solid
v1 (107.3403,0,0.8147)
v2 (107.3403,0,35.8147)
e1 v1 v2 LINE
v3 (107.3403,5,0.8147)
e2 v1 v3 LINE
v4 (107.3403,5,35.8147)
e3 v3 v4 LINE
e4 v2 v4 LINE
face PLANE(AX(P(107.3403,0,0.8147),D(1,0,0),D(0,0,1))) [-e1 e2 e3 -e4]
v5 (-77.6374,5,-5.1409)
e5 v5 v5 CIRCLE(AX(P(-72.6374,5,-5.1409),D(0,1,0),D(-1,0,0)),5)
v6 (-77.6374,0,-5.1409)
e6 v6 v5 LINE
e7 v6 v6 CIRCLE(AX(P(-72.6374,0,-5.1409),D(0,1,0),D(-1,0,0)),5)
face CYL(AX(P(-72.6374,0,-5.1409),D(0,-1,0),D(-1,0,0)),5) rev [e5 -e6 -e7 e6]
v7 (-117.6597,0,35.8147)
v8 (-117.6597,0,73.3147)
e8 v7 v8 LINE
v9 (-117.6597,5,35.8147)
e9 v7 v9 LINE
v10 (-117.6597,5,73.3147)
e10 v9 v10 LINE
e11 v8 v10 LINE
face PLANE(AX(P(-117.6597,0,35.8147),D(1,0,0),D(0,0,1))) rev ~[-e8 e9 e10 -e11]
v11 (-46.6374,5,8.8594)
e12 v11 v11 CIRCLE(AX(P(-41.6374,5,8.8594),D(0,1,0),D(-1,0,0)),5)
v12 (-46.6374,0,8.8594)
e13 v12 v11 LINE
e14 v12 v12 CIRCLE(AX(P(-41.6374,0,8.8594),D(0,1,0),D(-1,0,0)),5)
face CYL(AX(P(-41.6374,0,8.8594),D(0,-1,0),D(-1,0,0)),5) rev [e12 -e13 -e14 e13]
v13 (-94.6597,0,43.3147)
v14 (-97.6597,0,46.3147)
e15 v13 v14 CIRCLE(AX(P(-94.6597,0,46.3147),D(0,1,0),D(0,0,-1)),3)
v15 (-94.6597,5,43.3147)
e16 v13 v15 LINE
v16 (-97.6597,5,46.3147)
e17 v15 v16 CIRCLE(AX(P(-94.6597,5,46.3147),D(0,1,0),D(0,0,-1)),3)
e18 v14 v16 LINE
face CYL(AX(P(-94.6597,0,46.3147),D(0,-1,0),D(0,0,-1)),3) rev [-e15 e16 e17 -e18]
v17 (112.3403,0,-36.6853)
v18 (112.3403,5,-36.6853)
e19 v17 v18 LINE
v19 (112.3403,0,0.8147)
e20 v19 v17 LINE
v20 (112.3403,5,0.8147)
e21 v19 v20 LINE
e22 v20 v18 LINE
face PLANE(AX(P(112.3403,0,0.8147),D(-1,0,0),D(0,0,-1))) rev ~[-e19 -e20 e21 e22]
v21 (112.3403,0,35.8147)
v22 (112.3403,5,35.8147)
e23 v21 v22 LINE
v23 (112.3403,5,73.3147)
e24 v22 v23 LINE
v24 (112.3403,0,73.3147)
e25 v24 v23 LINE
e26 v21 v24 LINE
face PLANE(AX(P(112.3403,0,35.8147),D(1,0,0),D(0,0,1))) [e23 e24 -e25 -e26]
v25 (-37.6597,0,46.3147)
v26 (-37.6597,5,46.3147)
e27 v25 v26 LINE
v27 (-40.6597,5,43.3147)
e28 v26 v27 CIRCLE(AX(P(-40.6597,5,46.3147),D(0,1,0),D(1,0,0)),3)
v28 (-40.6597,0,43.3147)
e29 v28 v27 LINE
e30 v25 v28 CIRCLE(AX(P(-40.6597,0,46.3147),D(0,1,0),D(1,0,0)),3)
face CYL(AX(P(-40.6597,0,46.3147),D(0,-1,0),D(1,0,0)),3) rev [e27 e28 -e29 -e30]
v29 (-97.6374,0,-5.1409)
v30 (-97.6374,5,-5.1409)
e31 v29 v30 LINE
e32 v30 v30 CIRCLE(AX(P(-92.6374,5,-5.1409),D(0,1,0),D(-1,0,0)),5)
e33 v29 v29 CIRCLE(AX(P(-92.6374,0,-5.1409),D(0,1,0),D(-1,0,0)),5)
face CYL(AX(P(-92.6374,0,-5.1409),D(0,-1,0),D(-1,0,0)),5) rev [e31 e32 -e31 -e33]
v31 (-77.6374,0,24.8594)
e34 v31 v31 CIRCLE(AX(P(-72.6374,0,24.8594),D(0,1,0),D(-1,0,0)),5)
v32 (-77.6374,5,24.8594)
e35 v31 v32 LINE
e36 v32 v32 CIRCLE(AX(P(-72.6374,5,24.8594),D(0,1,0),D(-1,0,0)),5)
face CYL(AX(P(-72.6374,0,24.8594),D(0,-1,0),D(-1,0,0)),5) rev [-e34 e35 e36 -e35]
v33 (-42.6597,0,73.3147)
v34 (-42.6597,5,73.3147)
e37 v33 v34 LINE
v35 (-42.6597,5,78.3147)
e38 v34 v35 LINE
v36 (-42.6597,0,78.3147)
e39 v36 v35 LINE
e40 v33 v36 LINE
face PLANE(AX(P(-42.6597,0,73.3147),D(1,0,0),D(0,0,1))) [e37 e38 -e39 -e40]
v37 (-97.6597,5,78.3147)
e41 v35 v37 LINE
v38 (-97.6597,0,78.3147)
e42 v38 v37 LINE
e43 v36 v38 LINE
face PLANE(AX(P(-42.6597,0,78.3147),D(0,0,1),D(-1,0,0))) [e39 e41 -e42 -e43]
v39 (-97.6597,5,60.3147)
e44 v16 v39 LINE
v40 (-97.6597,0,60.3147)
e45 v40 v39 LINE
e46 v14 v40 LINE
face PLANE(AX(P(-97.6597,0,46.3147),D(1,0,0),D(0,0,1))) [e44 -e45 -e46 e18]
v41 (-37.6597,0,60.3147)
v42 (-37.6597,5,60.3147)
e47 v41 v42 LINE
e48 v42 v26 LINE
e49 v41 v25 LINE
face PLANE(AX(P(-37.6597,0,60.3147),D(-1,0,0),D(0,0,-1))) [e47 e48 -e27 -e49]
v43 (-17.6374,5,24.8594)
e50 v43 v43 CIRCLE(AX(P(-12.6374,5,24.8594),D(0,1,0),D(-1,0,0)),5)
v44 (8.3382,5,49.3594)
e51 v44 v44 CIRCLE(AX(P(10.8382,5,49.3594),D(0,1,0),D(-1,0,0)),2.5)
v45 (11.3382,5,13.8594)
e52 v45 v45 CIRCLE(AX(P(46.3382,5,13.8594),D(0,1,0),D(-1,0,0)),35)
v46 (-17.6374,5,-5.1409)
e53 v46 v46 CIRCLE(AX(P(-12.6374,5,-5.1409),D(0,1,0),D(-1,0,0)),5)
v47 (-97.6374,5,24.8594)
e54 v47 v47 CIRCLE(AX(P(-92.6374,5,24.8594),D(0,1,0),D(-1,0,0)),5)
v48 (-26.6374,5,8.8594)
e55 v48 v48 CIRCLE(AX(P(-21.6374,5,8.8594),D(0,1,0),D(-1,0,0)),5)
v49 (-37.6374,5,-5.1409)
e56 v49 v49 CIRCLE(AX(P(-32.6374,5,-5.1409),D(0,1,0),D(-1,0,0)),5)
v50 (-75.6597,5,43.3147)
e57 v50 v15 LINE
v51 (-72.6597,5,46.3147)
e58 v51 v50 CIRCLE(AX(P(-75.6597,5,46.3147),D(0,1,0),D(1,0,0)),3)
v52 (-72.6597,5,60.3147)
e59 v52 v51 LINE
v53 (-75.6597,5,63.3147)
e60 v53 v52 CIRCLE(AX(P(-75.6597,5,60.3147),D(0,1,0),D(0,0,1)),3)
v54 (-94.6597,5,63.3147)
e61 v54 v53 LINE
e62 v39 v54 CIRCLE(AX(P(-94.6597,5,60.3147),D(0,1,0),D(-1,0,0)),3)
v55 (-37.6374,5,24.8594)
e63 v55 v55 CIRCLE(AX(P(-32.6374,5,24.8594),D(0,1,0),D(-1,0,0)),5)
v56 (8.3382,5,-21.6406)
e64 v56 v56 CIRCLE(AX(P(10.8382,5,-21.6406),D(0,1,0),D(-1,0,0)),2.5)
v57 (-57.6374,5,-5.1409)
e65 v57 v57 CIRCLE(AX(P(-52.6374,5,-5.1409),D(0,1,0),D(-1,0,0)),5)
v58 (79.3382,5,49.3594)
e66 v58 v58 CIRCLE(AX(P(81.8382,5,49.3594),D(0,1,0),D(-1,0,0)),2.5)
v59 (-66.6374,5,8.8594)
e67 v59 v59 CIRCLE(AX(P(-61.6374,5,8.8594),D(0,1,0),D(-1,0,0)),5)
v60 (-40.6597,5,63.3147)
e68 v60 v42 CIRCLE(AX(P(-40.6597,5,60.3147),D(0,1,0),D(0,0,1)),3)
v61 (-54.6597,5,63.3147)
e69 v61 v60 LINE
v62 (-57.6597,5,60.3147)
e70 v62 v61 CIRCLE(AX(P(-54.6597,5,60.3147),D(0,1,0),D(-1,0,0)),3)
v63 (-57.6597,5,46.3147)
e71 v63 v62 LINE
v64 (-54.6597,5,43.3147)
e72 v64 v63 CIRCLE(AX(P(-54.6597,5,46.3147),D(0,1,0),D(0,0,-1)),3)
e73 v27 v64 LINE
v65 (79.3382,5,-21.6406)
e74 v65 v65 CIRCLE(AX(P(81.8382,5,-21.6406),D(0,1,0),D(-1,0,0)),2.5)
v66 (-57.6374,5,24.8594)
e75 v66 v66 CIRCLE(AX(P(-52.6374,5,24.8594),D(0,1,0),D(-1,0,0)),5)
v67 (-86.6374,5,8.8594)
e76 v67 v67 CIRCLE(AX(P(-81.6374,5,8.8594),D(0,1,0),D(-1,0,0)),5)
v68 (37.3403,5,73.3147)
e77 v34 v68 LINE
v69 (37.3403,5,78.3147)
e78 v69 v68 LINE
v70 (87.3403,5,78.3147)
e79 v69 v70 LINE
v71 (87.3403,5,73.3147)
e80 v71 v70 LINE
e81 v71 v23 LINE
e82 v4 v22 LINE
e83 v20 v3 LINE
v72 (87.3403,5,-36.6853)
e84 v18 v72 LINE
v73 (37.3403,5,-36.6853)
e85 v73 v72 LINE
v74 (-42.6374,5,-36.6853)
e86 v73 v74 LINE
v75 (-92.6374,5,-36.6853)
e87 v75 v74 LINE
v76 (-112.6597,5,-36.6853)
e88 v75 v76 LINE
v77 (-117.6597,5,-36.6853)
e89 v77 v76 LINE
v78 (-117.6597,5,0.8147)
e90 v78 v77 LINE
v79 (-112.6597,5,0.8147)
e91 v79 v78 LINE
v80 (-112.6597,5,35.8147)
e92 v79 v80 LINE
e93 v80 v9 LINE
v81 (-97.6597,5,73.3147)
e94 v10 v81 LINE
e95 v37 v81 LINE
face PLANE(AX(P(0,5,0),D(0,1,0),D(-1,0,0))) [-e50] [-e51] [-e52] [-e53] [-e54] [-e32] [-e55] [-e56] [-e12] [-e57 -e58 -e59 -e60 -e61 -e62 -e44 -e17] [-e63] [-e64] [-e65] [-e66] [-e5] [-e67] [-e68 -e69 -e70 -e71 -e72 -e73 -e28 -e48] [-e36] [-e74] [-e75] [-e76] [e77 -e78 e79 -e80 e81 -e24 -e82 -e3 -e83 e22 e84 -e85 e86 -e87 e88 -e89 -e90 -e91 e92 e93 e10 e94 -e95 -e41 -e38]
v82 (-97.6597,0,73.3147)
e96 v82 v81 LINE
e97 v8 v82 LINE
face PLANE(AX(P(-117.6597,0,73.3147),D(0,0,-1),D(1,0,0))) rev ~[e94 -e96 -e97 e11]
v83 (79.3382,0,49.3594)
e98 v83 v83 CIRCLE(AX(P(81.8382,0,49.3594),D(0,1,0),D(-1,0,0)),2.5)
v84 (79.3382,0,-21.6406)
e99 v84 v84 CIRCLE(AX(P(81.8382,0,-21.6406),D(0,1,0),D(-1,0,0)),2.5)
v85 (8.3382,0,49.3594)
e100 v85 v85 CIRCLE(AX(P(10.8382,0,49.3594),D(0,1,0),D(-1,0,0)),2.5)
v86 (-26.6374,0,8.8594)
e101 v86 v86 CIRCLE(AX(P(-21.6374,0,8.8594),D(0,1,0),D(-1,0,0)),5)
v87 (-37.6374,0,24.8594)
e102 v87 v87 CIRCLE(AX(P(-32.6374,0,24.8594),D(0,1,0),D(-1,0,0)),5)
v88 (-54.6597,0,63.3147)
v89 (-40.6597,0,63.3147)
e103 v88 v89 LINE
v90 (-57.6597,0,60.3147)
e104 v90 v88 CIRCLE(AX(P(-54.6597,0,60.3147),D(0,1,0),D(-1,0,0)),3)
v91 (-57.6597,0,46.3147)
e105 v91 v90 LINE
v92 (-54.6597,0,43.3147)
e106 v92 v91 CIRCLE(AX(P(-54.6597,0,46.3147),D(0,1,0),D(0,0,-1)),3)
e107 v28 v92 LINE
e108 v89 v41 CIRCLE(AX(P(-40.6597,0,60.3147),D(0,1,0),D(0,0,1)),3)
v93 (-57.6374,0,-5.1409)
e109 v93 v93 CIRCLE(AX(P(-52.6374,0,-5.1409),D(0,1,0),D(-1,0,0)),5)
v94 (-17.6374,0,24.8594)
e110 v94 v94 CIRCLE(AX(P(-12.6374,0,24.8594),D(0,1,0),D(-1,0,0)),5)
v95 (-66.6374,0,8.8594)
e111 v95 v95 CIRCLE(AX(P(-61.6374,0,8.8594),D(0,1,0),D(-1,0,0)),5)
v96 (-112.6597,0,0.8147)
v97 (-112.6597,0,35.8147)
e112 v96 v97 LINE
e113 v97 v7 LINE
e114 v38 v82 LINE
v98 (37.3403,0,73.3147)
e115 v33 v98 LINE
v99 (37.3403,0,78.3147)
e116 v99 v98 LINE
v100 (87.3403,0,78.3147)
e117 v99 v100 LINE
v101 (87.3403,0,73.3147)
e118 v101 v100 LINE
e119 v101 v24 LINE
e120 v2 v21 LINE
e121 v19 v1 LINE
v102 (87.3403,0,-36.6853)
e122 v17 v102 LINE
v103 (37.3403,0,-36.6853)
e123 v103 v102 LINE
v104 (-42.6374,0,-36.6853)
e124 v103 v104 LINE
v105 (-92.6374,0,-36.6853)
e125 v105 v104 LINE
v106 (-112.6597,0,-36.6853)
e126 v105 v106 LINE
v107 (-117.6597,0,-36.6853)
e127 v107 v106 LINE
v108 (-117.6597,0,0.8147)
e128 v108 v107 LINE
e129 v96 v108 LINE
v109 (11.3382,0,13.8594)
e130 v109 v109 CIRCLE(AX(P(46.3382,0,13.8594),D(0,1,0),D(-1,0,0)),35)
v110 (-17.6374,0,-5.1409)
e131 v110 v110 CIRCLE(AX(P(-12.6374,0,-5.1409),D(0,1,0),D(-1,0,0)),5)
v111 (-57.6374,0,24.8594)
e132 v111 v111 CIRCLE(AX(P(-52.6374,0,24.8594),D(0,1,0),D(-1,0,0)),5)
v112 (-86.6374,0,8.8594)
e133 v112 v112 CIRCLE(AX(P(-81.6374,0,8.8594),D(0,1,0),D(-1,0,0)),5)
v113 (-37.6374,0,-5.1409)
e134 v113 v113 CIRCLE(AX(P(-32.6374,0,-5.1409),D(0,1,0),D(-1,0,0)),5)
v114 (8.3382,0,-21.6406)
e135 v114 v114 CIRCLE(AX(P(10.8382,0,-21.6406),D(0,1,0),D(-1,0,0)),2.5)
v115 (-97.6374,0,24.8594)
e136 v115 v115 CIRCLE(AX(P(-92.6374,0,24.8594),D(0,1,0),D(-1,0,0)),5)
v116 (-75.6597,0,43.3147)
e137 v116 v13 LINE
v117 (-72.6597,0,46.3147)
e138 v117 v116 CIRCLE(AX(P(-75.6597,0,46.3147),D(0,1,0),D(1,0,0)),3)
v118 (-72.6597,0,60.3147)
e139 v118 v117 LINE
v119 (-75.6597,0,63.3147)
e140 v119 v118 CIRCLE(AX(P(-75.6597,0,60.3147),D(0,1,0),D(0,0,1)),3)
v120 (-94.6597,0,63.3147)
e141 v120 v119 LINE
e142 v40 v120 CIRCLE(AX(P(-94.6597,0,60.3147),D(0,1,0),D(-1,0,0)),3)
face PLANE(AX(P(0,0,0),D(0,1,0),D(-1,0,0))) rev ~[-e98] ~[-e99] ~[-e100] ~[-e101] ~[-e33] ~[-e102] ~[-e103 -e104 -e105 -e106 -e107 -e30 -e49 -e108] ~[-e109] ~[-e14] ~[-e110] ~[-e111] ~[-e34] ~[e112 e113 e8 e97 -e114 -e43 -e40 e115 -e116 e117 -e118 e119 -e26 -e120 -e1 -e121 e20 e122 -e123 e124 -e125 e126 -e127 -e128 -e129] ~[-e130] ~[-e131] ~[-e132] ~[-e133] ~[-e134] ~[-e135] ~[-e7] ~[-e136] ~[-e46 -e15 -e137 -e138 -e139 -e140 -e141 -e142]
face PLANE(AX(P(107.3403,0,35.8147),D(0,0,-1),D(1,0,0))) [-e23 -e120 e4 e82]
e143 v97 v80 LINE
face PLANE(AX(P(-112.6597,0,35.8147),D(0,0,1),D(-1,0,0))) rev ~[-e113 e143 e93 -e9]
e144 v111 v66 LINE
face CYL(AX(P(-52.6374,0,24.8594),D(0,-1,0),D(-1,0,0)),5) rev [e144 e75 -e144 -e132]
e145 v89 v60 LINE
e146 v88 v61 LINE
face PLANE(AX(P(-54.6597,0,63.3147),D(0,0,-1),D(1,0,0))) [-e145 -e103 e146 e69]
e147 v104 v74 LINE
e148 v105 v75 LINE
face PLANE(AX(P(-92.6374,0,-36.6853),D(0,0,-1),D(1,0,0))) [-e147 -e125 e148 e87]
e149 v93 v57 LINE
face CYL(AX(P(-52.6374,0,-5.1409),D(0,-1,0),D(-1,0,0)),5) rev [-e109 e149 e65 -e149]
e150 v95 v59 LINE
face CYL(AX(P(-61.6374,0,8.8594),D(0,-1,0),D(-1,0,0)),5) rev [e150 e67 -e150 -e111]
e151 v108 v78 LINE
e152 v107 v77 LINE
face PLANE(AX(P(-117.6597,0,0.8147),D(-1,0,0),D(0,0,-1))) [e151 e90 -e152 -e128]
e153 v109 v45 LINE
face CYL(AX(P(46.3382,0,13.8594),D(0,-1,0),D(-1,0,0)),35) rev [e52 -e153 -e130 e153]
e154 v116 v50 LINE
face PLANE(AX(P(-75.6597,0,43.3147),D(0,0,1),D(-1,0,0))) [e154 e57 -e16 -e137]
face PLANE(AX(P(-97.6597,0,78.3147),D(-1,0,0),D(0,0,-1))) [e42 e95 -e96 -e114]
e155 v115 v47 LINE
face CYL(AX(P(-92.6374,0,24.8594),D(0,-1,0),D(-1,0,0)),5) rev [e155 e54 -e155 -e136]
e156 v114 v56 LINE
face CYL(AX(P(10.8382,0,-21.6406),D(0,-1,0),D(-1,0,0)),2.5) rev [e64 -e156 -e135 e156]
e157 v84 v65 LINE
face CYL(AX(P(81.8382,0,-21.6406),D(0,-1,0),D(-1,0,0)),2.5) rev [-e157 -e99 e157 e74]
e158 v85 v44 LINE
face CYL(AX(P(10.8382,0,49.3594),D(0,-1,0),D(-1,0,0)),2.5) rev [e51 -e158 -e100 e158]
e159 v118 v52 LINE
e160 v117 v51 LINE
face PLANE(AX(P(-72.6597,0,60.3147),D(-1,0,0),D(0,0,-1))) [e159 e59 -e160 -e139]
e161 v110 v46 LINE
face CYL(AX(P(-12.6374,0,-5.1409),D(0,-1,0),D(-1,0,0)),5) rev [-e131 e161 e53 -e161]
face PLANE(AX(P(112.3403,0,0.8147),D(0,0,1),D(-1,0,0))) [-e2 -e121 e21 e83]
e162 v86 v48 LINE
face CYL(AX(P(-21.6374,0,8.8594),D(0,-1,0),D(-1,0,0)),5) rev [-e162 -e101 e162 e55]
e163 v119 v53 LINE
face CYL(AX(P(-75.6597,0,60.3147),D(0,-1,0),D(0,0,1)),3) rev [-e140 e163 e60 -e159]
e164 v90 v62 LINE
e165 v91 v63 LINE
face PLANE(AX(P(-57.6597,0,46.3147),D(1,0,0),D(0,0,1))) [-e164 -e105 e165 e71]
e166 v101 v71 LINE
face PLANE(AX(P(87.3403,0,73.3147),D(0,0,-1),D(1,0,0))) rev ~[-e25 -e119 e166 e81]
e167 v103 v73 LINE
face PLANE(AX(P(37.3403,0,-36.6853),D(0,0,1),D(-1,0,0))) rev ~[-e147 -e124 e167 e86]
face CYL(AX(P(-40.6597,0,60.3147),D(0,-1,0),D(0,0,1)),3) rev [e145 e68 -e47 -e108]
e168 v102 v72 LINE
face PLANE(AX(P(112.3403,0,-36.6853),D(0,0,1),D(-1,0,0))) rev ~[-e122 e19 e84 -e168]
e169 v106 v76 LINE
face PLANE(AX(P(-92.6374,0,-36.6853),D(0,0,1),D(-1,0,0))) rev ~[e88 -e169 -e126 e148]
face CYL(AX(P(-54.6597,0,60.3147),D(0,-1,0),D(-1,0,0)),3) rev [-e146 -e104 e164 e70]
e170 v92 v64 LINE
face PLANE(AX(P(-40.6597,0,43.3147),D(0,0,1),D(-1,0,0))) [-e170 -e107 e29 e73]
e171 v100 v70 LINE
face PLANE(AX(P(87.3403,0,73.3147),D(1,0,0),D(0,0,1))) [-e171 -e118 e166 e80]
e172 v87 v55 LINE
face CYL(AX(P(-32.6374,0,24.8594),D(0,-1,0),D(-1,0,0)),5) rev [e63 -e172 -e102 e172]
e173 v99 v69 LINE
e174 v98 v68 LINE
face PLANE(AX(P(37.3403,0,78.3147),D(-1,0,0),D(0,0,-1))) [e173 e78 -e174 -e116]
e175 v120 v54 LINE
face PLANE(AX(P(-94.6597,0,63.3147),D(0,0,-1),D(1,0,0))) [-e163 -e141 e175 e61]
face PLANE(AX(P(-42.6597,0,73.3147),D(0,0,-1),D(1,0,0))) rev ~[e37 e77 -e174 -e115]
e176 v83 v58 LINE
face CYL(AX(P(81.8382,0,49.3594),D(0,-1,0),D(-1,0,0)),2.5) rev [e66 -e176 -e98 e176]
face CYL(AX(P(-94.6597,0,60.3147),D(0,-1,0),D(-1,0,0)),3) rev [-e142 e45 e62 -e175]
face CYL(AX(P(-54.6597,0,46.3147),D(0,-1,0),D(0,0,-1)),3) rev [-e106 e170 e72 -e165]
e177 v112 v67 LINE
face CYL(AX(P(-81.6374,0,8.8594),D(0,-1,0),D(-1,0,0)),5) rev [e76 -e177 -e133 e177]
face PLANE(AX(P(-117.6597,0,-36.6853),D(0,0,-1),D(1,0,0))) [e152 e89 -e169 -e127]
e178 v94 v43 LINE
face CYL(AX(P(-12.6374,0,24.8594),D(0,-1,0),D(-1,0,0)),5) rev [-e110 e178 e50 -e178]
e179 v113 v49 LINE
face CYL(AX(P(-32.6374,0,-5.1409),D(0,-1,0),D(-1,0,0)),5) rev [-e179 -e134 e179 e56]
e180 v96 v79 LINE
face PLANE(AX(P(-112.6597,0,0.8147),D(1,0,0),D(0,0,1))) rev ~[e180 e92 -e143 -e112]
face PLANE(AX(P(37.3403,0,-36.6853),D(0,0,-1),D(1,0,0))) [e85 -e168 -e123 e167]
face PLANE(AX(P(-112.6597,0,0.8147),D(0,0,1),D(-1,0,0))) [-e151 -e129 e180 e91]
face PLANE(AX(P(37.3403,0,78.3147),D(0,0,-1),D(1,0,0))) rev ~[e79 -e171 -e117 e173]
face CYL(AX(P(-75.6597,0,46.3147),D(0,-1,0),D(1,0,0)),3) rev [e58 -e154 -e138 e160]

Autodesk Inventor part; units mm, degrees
ref_plane "YZ Plane" through (0, 0, 0) normal (1, 0, 0) x (0, 1, 0)
ref_plane "XZ Plane" through (0, 0, 0) normal (0, 1, 0) x (-1, 0, 0)
ref_plane "XY Plane" through (0, 0, 0) normal (0, 0, 1) x (1, 0, 0)
sketch "Sketch1" plane through (0, 0, 0) normal (0, 1, 0) x (-1, 0, 0)
  line L0 (42.6597, 73.3147) -> (42.6597, 78.3147)
  line L1 (42.6597, 78.3147) -> (97.6597, 78.3147)
  line L2 (97.6597, 78.3147) -> (97.6597, 73.3147)
  line L3 (-87.3403, 73.3147) -> (-87.3403, 78.3147)
  line L4 (-37.3403, 78.3147) -> (-37.3403, 73.3147)
  line L5 (117.6597, 73.3147) -> (97.6597, 73.3147)
  line L6 (42.6597, 73.3147) -> (-37.3403, 73.3147)
  line L7 (-87.3403, 73.3147) -> (-112.3403, 73.3147)
  line L8 (97.6597, 46.3147) -> (97.6597, 60.3147)
  line L9 (94.6597, 63.3147) -> (75.6597, 63.3147)
  line L10 (72.6597, 60.3147) -> (72.6597, 46.3147)
  line L11 (75.6597, 43.3147) -> (94.6597, 43.3147)
  line L12 (54.6597, 63.3147) -> (40.6597, 63.3147)
  line L13 (37.6597, 60.3147) -> (37.6597, 46.3147)
  line L14 (40.6597, 43.3147) -> (54.6597, 43.3147)
  line L15 (57.6597, 46.3147) -> (57.6597, 60.3147)
  circle A0 centre (52.6374, -5.1409) radius 5
  circle A1 centre (32.6374, -5.1409) radius 5
  circle A2 centre (12.6374, -5.1409) radius 5
  circle A3 centre (72.6374, -5.1409) radius 5
  circle A4 centre (92.6374, -5.1409) radius 5
  circle A5 centre (21.6374, 8.8594) radius 5
  circle A6 centre (41.6374, 8.8594) radius 5
  circle A7 centre (61.6374, 8.8594) radius 5
  circle A8 centre (81.6374, 8.8594) radius 5
  circle A9 centre (52.6374, 24.8594) radius 5
  circle A10 centre (32.6374, 24.8594) radius 5
  circle A11 centre (12.6374, 24.8594) radius 5
  circle A12 centre (72.6374, 24.8594) radius 5
  circle A13 centre (92.6374, 24.8594) radius 5
  circle A14 centre (-46.3382, 13.8594) radius 35
  arc A15 (72.6597, 46.3147) -> (75.6597, 43.3147) centre (75.6597, 46.3147) ccw
  arc A16 (94.6597, 43.3147) -> (97.6597, 46.3147) centre (94.6597, 46.3147) ccw
  arc A17 (97.6597, 60.3147) -> (94.6597, 63.3147) centre (94.6597, 60.3147) ccw
  arc A18 (75.6597, 63.3147) -> (72.6597, 60.3147) centre (75.6597, 60.3147) ccw
  arc A19 (54.6597, 43.3147) -> (57.6597, 46.3147) centre (54.6597, 46.3147) ccw
  arc A20 (57.6597, 60.3147) -> (54.6597, 63.3147) centre (54.6597, 60.3147) ccw
  arc A21 (40.6597, 63.3147) -> (37.6597, 60.3147) centre (40.6597, 60.3147) ccw
  arc A22 (37.6597, 46.3147) -> (40.6597, 43.3147) centre (40.6597, 46.3147) ccw
  line L16 (-112.3403, -36.6853) -> (-87.3403, -36.6853)
  line L17 (-37.3403, -36.6853) -> (42.6374, -36.6853)
  line L18 (92.6374, -36.6853) -> (112.6597, -36.6853)
  line L19 (112.6597, 0.8147) -> (117.6597, 0.8147)
  line L20 (117.6597, 0.8147) -> (117.6597, -36.6853)
  line L21 (117.6597, -36.6853) -> (112.6597, -36.6853)
  line L22 (112.6597, 35.8147) -> (117.6597, 35.8147)
  line L23 (117.6597, 35.8147) -> (117.6597, 73.3147)
  line L24 (117.6597, 73.3147) -> (117.6597, 73.3147)
  line L25 (112.6597, 0.8147) -> (112.6597, 35.8147)
  line L26 (-112.3403, 0.8147) -> (-112.3403, -36.6853)
  line L27 (-112.3403, 0.8147) -> (-107.3403, 0.8147)
  line L28 (-107.3403, 0.8147) -> (-107.3403, 35.8147)
  line L29 (-107.3403, 35.8147) -> (-112.3403, 35.8147)
  line L30 (-112.3403, 35.8147) -> (-112.3403, 73.3147)
  line L31 (92.6374, -36.6853) -> (-87.3403, -36.6853)
  line L32 (-6.3382, 53.8594) -> (-86.3382, -26.1406) construction
  line L33 (-6.3382, -26.1406) -> (-86.3382, 53.8594) construction
  circle A23 centre (-81.8382, -21.6406) radius 2.5
  circle A24 centre (-10.8382, 49.3594) radius 2.5
  circle A25 centre (-81.8382, 49.3594) radius 2.5
  circle A26 centre (-10.8382, -21.6406) radius 2.5
  line L34 (-37.3403, 78.3147) -> (-87.3403, 78.3147)
  point P0 (0, 0)
  point P1 (97.6597, 43.3147)
  point P2 (97.6597, 63.3147)
  point P3 (72.6597, 63.3147)
  point P4 (72.6597, 43.3147)
  point P5 (57.6597, 63.3147)
  point P6 (37.6597, 63.3147)
  point P7 (37.6597, 43.3147)
  point P8 (57.6597, 43.3147)
  point P9 (97.6597, 45.3147)
  point P10 (95.6597, 43.3147)
  point P11 (110.6597, 63.3147)
  point P12 (97.6597, 61.3147)
  point P13 (89.6597, 63.3147)
  point P14 (72.6597, 61.3147)
  point P15 (72.6597, 45.3147)
  point P16 (74.6597, 43.3147)
  point P17 (57.6597, 45.3147)
  point P18 (55.6597, 43.3147)
  point P19 (39.6597, 43.3147)
  point P20 (37.6597, 45.3147)
  point P21 (39.6597, 63.3147)
  point P22 (37.6597, 61.3147)
  point P23 (55.6597, 63.3147)
  point P24 (57.6597, 61.3147)
  dimension "d3" = 5
  dimension "d6" = 80
  dimension "d20" = 20
  dimension "d21" = 25
  dimension "d22" = 10
  dimension "d29" = 20
  dimension "d31" = 15
  dimension "d64" = 70
  dimension "d68" = 3
  dimension "d69" = 3
  dimension "d70" = 3
  dimension "d71" = 3
  dimension "d81" = 5
  dimension "d82" = 5
  dimension "d86" = 20
  dimension "d89" = 5
  dimension "d90" = 80
  dimension "d91" = 80
  dimension "d97" = 5
  dimension "d100" = 5
  dimension "d101" = 5
  dimension "d102" = 5
  dimension "d106" = 110
  dimension "d107" = 110
extrude "Extrusion3" add sketch "Sketch1" along normal blind 5
properties part number "Part Sisi 2"
